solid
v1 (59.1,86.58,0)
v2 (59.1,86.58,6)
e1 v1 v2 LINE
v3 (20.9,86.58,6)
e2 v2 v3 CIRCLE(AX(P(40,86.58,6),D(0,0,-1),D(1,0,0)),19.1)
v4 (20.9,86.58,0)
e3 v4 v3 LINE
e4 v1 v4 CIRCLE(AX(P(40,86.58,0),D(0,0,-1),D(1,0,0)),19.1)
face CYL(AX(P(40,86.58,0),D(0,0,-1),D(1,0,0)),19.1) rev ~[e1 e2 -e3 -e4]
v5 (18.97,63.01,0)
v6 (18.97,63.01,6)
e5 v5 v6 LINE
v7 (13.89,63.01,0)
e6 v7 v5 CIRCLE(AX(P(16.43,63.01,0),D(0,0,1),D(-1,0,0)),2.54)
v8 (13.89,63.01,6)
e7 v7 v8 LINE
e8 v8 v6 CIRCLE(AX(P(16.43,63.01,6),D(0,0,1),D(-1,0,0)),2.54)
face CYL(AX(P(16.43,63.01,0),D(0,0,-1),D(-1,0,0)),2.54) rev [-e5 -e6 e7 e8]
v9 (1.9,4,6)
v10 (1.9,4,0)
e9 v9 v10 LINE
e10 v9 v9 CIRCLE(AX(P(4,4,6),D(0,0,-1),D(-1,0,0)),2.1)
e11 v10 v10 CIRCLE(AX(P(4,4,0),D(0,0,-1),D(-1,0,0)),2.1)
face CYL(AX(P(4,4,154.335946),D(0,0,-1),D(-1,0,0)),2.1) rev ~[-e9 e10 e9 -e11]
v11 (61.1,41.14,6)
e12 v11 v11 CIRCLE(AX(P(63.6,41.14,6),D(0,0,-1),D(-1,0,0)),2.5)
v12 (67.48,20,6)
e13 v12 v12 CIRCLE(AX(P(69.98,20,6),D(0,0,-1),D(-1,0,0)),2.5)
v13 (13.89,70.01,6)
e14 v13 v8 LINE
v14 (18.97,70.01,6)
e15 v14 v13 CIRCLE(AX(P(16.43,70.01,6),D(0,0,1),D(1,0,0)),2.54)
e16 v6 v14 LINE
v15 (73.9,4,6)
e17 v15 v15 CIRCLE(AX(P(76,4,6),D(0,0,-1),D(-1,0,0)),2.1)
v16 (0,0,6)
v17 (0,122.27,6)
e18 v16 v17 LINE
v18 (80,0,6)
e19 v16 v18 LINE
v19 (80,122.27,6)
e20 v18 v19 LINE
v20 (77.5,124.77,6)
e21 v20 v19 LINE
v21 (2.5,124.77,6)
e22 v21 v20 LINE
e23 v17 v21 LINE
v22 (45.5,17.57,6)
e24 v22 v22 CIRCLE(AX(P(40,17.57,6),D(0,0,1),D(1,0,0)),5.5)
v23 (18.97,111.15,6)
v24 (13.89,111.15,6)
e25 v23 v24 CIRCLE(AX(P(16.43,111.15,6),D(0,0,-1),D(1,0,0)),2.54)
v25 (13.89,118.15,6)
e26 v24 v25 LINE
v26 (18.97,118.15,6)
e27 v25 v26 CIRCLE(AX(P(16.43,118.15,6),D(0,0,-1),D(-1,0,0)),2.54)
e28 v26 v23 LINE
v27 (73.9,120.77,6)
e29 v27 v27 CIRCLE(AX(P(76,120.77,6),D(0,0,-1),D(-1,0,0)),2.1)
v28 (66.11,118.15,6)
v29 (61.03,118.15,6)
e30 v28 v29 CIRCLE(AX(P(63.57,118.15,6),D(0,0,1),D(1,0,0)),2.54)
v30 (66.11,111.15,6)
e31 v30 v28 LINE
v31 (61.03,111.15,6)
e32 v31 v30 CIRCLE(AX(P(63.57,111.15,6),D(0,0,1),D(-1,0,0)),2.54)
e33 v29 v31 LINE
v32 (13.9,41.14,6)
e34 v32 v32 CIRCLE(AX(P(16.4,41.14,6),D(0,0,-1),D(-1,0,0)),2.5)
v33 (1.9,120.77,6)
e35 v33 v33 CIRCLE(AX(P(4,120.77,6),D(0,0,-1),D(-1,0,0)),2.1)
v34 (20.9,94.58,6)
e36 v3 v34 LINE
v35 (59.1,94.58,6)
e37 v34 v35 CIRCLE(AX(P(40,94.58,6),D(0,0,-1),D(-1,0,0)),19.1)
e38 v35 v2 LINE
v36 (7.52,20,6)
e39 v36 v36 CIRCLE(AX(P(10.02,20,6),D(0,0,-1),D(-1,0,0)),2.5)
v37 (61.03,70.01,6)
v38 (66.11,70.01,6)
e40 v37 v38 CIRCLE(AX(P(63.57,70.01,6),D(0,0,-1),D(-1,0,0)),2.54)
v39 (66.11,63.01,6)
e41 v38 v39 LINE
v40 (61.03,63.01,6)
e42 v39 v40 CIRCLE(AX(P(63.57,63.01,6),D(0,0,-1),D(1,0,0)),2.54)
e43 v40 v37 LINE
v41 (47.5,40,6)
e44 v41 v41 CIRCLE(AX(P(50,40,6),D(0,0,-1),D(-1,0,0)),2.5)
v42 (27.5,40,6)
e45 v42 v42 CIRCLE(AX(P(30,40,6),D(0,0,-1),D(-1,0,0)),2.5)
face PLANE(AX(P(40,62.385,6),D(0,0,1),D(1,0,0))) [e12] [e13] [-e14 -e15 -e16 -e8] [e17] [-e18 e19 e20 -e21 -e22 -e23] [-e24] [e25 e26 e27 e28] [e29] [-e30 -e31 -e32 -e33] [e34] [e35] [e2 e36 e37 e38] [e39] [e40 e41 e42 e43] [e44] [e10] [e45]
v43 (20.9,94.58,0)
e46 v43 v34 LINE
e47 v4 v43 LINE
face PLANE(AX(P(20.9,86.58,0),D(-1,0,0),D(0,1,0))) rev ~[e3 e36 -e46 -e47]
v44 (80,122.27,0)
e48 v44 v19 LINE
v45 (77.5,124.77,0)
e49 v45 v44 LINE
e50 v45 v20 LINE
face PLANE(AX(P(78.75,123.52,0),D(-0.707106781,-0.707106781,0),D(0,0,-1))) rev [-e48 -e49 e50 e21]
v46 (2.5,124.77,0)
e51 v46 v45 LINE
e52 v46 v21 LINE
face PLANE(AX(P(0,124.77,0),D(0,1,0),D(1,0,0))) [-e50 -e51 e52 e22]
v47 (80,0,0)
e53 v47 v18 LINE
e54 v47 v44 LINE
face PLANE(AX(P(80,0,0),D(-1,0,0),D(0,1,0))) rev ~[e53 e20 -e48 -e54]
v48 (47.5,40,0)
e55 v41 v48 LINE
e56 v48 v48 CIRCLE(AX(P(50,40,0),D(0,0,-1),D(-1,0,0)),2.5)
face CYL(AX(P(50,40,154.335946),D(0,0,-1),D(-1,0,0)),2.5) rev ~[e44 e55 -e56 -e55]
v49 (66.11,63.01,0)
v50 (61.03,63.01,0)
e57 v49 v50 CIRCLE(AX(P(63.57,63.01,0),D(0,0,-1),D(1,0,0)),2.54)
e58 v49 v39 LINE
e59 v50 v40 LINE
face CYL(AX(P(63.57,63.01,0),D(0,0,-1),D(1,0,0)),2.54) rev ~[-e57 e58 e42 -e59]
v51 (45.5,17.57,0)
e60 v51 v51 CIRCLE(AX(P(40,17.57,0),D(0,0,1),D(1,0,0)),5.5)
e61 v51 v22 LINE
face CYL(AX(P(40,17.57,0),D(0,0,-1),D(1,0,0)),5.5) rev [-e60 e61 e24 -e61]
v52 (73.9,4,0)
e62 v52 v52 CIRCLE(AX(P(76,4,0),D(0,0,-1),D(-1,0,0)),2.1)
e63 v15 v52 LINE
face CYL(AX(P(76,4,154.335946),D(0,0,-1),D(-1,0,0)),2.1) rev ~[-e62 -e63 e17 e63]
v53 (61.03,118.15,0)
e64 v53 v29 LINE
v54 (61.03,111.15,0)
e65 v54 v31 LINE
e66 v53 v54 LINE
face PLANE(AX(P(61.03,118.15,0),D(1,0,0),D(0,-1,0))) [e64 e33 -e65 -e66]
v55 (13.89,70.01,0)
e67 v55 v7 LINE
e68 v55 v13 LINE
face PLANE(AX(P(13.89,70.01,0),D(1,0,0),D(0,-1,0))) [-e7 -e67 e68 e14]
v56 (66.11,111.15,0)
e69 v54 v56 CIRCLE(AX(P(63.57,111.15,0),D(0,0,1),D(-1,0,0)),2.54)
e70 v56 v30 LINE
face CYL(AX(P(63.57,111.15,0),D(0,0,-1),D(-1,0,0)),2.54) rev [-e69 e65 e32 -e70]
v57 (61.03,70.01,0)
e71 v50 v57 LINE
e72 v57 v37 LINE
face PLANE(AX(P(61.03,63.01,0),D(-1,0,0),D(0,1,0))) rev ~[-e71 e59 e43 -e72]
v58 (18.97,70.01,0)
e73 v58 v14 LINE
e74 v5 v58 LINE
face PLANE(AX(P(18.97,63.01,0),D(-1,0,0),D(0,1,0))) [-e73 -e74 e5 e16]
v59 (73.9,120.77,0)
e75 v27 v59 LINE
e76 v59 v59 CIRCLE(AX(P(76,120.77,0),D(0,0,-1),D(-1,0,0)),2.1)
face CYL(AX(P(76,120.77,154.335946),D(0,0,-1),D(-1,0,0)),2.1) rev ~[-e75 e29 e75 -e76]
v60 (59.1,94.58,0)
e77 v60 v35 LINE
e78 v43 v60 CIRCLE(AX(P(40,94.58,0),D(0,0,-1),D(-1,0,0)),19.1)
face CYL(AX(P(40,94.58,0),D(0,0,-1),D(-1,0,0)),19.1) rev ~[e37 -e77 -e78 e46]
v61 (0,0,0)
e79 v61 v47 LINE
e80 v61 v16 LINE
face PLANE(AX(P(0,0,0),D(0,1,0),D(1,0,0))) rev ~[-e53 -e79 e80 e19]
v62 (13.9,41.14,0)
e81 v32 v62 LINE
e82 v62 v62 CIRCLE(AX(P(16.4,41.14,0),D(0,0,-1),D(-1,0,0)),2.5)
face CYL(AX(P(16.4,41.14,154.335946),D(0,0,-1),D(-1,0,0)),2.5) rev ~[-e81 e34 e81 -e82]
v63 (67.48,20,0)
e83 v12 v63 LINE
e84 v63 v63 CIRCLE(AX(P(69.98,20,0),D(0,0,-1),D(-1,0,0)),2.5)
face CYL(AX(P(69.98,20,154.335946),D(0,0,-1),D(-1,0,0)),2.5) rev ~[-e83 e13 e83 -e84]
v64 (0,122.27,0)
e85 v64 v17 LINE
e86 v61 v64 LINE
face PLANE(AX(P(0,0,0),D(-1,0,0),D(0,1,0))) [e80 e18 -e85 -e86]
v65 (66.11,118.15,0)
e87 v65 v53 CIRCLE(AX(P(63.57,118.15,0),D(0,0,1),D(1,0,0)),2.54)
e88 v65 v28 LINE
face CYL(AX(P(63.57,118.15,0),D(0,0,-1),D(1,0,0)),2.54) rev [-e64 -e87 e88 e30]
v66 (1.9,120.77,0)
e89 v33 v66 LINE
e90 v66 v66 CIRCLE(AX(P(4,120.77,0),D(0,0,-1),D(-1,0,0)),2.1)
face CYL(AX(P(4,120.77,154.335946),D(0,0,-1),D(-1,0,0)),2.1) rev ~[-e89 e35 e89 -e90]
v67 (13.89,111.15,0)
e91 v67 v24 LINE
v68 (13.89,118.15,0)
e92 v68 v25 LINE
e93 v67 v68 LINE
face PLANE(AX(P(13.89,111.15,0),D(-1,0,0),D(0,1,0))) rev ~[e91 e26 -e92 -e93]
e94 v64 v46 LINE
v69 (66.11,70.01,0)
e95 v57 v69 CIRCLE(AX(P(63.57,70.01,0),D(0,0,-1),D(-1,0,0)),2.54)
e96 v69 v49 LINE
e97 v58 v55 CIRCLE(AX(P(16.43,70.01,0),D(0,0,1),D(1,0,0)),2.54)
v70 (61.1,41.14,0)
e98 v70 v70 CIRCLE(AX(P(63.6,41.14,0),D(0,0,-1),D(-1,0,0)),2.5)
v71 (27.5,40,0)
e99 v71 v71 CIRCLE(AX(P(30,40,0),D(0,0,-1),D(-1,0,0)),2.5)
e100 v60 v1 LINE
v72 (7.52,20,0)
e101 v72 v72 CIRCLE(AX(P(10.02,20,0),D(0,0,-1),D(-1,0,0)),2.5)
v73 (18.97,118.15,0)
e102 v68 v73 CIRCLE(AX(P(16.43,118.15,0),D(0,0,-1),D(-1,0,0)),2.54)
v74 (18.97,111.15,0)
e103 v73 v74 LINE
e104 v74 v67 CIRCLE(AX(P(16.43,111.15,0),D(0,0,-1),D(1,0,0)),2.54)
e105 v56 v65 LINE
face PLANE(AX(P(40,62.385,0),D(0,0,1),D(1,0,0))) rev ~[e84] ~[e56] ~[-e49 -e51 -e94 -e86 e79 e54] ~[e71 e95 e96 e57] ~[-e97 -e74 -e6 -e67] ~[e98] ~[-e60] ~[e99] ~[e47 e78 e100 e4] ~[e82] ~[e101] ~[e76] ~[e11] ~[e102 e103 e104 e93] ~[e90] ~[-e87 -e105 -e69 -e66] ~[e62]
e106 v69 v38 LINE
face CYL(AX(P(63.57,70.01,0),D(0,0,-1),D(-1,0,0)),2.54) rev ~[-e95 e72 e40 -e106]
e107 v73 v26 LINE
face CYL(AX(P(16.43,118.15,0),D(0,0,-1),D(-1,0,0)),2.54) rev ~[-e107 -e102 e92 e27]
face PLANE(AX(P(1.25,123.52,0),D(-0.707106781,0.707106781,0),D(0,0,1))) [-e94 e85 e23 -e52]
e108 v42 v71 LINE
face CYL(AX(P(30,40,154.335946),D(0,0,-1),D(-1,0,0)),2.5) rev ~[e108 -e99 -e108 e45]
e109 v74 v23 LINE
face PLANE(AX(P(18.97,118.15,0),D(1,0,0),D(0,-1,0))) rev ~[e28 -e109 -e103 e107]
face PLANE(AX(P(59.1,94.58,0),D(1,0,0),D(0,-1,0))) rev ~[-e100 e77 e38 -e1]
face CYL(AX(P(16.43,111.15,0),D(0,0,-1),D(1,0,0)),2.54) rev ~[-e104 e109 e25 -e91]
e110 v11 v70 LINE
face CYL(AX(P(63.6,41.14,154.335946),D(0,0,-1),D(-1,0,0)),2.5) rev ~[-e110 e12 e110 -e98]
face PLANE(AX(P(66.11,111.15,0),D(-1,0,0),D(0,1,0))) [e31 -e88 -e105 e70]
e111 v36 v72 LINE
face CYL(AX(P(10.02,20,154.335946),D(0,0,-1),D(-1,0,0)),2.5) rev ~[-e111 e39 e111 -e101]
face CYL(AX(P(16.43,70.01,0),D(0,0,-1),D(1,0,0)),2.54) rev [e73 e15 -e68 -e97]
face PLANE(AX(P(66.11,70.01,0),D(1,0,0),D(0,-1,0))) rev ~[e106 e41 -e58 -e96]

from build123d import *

# Parameters (mm, degrees)
SKETCH1_W                = 80
SKETCH1_H                = 124.77
SKETCH1_R                = 5.5
BOSS_EXTRUDE1_DEPTH      = 6
F_5_0_5_DIAMETER_HOLE1_D = 5
M5X0_8_TAPPED_HOLE1_D    = 4.2
CHAMFER1_SIZE            = 2.5


with BuildPart() as part:
    # Sketch1 → Boss-Extrude1 (new body)
    with BuildSketch(Plane.XY):
        with Locations((40, 62.385)):
            Rectangle(SKETCH1_W, SKETCH1_H)
        with Locations((40, 17.57)):
            Circle(SKETCH1_R, mode=Mode.SUBTRACT)
        with BuildLine():
            Line((59.1, 94.58), (59.1, 86.58))
            ThreePointArc((59.1, 86.58), (40, 67.48), (20.9, 86.58))
            Line((20.9, 86.58), (20.9, 94.58))
            ThreePointArc((20.9, 94.58), (40, 113.68), (59.1, 94.58))
        make_face(mode=Mode.SUBTRACT)
        with BuildLine():
            Line((18.97, 118.15), (18.97, 111.15))
            ThreePointArc((18.97, 111.15), (16.43, 108.61), (13.89, 111.15))
            Line((13.89, 111.15), (13.89, 118.15))
            ThreePointArc((13.89, 118.15), (16.43, 120.69), (18.97, 118.15))
        make_face(mode=Mode.SUBTRACT)
        with BuildLine():
            Line((61.03, 118.15), (61.03, 111.15))
            ThreePointArc((61.03, 111.15), (63.57, 108.61), (66.11, 111.15))
            Line((66.11, 111.15), (66.11, 118.15))
            ThreePointArc((66.11, 118.15), (63.57, 120.69), (61.03, 118.15))
        make_face(mode=Mode.SUBTRACT)
        with BuildLine():
            Line((18.97, 63.01), (18.97, 70.01))
            ThreePointArc((18.97, 70.01), (16.43, 72.55), (13.89, 70.01))
            Line((13.89, 70.01), (13.89, 63.01))
            ThreePointArc((13.89, 63.01), (16.43, 60.47), (18.97, 63.01))
        make_face(mode=Mode.SUBTRACT)
        with BuildLine():
            Line((61.03, 63.01), (61.03, 70.01))
            ThreePointArc((61.03, 70.01), (63.57, 72.55), (66.11, 70.01))
            Line((66.11, 70.01), (66.11, 63.01))
            ThreePointArc((66.11, 63.01), (63.57, 60.47), (61.03, 63.01))
        make_face(mode=Mode.SUBTRACT)
    extrude(amount=BOSS_EXTRUDE1_DEPTH)

    # Ø5.0 (5) Diameter Hole1 (through all)
    with Locations(Plane.XY.offset(6)):
        with Locations((10.02, 20), (16.4, 41.14), (30, 40), (50, 40), (63.6, 41.14), (69.98, 20)):
            Hole(F_5_0_5_DIAMETER_HOLE1_D / 2)

    # M5x0.8 Tapped Hole1 (through all)
    with Locations(Plane.XY.offset(6)):
        with Locations((4, 120.77), (76, 120.77), (76, 4), (4, 4)):
            Hole(M5X0_8_TAPPED_HOLE1_D / 2)

    # Chamfer1
    chamfer1_edges = [part.edges().sort_by_distance(p)[0] for p in [
        (0, 124.77, 3),
        (80, 124.77, 3),
    ]]
    chamfer(chamfer1_edges, length=CHAMFER1_SIZE)


solid = part.part
